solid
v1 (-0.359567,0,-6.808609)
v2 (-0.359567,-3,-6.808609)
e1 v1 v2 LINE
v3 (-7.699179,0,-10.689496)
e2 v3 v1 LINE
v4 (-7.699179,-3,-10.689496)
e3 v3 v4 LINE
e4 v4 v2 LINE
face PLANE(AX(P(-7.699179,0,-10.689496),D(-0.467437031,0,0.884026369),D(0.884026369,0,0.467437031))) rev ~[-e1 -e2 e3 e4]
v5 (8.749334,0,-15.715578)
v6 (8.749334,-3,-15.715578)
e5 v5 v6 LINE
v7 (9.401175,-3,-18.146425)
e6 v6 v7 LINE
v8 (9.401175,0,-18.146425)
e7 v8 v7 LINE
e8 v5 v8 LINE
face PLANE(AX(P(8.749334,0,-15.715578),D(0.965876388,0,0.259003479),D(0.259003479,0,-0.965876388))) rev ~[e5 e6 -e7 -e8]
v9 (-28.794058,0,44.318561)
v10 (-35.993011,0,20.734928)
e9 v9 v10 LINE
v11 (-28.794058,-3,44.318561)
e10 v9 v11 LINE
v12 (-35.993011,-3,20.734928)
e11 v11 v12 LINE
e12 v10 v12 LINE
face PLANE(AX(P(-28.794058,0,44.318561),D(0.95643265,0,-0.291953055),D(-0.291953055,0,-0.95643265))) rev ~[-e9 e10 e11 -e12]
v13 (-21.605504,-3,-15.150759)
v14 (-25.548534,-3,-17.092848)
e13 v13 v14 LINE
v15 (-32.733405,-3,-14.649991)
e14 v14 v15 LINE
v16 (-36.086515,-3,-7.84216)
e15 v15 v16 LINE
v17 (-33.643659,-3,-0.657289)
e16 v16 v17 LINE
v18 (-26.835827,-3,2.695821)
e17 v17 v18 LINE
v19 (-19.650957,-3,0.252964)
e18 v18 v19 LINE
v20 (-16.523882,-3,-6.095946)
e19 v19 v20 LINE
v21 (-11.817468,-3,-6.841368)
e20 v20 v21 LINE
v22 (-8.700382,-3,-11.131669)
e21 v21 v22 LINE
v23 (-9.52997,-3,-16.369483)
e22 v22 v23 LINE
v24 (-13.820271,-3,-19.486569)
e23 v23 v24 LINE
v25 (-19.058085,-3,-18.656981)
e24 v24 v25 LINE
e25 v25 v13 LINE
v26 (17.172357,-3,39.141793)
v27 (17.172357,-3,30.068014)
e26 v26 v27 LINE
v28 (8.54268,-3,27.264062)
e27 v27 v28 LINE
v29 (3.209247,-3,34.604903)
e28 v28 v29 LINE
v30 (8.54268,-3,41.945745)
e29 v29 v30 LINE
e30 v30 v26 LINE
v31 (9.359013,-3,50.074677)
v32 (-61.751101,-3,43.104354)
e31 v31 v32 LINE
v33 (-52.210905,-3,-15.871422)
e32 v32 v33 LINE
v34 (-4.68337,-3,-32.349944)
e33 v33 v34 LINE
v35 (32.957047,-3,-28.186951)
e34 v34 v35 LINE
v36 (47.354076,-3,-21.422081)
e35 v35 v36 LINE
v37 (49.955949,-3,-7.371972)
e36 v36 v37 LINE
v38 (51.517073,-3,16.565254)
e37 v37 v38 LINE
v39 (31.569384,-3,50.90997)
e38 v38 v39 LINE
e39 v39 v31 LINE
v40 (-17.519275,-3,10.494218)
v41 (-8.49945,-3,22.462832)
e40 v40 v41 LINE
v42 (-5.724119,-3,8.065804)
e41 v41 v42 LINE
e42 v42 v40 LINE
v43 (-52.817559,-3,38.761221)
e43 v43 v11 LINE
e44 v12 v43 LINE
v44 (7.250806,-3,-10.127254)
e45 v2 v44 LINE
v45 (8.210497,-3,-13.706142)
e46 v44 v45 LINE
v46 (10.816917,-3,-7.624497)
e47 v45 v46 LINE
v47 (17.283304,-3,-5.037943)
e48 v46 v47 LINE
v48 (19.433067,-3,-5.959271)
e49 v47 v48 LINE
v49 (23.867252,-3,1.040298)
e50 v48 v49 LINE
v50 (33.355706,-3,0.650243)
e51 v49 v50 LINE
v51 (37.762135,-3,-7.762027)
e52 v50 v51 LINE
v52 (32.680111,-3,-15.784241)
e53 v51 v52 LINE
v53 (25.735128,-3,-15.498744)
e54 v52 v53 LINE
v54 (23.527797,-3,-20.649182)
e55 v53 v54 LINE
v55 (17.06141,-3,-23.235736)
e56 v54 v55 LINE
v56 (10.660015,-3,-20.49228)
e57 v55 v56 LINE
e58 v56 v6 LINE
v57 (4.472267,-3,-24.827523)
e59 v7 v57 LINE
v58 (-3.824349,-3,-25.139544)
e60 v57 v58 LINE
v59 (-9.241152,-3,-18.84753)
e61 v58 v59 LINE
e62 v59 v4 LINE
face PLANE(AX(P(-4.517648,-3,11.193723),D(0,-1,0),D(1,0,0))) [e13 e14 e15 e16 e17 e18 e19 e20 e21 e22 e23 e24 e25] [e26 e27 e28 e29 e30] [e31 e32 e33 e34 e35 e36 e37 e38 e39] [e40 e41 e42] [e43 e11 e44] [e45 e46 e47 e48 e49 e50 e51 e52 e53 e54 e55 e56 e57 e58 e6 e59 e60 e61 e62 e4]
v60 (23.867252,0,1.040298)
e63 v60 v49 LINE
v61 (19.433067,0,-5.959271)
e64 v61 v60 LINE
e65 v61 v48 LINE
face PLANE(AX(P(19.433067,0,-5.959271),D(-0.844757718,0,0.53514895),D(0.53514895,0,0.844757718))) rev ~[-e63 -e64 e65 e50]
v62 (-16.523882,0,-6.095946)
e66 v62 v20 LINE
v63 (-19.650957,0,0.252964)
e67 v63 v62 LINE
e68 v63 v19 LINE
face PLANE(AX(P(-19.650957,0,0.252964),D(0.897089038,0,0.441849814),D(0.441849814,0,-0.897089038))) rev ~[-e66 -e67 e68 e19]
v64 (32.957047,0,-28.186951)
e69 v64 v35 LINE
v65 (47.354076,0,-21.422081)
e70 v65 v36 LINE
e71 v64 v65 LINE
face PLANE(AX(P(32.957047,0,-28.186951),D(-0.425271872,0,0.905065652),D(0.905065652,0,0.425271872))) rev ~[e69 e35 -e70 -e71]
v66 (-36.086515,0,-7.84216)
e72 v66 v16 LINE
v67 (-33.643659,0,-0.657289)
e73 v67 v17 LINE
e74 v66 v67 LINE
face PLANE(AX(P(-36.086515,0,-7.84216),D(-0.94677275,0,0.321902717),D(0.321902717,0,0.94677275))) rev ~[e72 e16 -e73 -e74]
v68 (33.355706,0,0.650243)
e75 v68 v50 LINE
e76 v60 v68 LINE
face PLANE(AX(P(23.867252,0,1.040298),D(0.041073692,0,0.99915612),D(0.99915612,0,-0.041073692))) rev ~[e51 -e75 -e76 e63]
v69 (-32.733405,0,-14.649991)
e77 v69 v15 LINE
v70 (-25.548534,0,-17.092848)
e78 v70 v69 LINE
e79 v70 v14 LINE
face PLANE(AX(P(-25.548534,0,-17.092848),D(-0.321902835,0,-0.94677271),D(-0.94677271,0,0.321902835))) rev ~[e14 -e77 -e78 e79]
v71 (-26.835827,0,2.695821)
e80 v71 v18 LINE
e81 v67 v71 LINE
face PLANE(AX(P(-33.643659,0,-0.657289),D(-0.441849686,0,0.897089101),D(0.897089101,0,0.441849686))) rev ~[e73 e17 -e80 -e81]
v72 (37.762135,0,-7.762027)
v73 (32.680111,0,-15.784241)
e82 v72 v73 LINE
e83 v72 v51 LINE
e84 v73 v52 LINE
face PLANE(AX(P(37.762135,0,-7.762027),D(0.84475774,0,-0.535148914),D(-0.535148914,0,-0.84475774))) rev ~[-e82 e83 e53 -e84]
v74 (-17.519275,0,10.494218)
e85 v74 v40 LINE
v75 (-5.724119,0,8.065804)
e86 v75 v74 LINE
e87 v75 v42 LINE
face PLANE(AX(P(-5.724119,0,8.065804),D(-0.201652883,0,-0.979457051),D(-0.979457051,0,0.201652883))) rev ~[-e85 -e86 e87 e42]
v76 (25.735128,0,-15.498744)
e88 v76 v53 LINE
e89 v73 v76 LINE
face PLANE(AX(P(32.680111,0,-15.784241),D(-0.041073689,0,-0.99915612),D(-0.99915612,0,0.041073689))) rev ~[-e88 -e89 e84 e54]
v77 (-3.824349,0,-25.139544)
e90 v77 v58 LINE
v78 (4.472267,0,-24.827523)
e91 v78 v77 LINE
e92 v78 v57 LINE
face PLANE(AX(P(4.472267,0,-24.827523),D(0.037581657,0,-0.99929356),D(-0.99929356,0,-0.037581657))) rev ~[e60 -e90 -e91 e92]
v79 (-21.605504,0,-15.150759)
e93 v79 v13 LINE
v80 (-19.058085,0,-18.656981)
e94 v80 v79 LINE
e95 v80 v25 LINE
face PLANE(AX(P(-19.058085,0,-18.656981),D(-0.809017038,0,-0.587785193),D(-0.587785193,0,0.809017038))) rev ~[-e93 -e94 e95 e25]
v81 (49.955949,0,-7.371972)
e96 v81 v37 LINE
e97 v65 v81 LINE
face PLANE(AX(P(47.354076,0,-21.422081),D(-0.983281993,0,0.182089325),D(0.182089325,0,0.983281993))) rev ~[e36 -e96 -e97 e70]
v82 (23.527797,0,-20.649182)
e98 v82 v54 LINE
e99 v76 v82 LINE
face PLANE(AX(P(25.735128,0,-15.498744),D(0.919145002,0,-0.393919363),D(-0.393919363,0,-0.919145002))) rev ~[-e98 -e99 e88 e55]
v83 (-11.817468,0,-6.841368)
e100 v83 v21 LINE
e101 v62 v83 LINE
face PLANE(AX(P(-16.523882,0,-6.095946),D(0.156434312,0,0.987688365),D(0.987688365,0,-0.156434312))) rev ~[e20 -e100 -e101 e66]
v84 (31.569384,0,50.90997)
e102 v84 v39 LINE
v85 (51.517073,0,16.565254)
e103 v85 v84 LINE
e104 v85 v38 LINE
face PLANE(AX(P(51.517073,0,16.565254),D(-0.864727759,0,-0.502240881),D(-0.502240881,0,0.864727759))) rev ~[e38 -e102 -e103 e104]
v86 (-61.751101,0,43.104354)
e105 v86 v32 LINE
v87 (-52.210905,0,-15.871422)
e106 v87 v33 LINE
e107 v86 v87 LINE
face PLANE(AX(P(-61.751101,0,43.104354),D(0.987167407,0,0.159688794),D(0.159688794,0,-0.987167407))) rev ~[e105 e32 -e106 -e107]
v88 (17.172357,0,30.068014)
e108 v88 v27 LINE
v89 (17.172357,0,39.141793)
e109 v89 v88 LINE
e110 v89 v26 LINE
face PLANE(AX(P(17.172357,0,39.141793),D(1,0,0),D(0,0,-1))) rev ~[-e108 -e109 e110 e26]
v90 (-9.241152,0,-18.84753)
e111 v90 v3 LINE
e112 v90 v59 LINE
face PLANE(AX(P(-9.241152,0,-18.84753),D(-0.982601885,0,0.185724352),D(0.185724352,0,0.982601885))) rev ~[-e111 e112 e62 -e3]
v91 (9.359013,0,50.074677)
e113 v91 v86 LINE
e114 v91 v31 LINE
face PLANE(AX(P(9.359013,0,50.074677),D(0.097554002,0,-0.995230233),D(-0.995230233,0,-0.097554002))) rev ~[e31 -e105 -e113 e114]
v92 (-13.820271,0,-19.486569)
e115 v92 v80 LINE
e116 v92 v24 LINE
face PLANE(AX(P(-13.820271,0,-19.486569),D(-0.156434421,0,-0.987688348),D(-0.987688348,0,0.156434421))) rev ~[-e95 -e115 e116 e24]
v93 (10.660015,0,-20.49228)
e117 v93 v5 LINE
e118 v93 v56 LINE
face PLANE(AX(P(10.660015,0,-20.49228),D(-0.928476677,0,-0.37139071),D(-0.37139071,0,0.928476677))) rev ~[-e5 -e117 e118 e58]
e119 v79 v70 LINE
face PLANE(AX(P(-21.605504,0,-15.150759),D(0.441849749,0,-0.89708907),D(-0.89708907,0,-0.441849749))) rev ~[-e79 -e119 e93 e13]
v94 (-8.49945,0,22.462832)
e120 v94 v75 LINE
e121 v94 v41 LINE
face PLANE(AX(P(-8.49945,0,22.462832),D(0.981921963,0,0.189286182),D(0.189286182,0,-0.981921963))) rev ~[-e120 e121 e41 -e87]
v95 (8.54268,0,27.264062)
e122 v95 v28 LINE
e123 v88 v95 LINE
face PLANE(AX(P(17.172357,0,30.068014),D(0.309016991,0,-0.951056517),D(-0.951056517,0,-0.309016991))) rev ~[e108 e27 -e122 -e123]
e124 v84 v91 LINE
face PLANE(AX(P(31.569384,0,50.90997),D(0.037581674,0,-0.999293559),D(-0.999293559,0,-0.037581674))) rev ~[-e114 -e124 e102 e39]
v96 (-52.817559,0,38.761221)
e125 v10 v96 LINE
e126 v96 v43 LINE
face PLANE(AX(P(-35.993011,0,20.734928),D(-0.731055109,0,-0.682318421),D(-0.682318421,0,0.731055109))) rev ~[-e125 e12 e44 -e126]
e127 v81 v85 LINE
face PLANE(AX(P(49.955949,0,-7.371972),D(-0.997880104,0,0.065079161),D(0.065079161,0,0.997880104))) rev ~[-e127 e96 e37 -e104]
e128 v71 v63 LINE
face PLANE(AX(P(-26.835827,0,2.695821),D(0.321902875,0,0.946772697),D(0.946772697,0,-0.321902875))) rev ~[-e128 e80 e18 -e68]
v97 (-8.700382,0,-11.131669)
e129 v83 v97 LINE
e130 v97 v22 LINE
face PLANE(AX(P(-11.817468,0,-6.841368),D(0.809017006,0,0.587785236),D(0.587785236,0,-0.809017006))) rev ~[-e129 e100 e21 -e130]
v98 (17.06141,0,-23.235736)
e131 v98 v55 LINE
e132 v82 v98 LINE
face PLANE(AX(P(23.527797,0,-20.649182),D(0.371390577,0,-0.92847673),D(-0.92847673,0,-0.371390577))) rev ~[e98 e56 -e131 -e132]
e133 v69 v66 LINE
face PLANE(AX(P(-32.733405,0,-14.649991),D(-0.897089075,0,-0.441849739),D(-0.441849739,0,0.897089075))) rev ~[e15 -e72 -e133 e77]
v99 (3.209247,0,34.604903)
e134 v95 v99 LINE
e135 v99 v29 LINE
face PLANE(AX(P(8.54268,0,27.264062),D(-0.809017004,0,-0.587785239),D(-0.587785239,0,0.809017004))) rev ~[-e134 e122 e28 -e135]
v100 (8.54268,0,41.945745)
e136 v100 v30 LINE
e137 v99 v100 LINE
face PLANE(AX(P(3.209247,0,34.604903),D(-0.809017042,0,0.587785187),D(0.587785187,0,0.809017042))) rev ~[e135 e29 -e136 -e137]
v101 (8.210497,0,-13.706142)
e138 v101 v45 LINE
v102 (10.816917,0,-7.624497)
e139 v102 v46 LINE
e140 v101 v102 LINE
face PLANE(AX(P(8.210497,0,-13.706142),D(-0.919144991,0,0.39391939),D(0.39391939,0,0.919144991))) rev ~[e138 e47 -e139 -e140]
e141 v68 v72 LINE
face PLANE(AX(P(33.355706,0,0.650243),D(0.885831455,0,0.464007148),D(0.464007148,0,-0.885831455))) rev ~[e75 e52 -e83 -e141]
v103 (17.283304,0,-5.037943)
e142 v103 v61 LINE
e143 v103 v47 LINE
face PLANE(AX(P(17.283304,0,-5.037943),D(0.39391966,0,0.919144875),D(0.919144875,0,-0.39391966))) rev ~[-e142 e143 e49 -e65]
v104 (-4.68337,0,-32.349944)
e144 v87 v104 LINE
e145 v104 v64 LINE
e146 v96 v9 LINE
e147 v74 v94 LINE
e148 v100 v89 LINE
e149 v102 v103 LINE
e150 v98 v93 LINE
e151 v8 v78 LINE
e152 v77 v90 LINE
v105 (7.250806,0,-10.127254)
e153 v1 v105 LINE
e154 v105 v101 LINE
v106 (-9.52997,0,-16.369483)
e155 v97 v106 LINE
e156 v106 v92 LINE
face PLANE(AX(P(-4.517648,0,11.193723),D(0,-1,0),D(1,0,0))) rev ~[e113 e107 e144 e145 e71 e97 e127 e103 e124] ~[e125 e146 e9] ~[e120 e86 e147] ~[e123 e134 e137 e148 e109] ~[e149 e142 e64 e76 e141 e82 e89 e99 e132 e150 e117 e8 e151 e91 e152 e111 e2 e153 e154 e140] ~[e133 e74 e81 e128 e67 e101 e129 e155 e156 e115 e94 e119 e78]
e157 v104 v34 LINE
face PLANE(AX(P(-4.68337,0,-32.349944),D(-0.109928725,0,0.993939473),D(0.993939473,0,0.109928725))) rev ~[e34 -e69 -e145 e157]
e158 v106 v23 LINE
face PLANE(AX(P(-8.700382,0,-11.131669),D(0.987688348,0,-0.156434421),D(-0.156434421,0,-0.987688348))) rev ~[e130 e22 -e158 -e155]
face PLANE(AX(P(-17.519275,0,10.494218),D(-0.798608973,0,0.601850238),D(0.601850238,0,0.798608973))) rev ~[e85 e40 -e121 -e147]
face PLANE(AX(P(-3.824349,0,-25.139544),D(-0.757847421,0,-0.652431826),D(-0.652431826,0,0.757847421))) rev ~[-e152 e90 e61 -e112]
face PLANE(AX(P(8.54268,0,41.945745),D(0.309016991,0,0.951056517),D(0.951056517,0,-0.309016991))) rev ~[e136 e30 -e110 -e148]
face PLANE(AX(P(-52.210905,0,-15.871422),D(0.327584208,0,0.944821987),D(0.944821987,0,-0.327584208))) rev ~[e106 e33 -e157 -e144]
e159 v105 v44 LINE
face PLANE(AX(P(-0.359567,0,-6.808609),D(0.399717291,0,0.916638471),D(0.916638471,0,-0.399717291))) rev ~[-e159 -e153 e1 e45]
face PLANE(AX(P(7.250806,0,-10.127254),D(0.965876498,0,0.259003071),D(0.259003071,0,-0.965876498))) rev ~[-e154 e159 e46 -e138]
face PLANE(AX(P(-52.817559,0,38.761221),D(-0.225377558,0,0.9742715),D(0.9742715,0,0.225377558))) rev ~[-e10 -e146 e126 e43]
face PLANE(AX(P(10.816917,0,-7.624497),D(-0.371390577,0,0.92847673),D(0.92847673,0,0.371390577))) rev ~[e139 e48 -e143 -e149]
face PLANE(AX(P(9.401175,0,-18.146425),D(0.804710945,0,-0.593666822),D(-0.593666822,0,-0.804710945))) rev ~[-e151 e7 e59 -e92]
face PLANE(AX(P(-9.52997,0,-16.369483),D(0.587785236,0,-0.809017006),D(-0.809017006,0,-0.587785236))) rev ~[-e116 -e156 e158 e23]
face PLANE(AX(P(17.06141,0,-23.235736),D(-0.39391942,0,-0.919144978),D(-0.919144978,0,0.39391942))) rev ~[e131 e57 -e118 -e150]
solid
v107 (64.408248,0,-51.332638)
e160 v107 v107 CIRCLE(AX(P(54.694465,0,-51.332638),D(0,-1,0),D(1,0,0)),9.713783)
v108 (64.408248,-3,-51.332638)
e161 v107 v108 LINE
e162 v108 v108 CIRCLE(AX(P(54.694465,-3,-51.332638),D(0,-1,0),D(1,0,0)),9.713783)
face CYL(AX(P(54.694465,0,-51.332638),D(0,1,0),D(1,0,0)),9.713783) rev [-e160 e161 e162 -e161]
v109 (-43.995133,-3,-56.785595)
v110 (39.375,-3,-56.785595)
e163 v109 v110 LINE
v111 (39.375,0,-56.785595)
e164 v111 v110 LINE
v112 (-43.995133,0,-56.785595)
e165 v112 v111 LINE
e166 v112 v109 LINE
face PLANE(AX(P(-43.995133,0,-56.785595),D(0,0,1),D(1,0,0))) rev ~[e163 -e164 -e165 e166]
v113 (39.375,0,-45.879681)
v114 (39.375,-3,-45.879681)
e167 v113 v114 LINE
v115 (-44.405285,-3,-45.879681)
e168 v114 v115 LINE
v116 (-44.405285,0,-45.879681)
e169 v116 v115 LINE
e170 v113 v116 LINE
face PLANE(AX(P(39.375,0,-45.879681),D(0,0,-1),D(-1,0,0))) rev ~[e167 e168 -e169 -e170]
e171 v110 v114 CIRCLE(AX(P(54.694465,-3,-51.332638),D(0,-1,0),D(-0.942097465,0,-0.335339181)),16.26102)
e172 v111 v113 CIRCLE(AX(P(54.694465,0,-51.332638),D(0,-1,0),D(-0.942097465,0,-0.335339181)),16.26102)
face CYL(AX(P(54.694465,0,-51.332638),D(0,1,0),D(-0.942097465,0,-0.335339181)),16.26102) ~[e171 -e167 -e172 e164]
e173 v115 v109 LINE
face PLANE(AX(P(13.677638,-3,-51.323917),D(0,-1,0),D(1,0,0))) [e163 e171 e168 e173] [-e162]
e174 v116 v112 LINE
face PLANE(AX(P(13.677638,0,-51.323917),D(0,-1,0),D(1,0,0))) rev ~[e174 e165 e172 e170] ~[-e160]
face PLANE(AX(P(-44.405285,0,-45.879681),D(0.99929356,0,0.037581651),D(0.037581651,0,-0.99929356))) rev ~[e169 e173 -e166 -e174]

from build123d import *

# Parameters (mm, degrees)
F0_R     = 9.713783
F1_DEPTH = 3


with BuildPart() as f1:
    # F0 (on Front) → F1 (new body)
    with BuildSketch(Plane.XZ):
        Polygon((9.359013, 50.074677), (-61.751101, 43.104354), (-52.210905, -15.871422), (-4.68337, -32.349944), (32.957047, -28.186951), (47.354076, -21.422081), (49.955949, -7.371972), (51.517073, 16.565254), (31.569384, 50.90997), align=None)
        Polygon((-19.650957, 0.252964), (-16.523882, -6.095946), (-11.817468, -6.841368), (-8.700382, -11.131669), (-9.52997, -16.369483), (-13.820271, -19.486569), (-19.058085, -18.656981), (-21.605504, -15.150759), (-25.548534, -17.092848), (-32.733405, -14.649991), (-36.086515, -7.84216), (-33.643659, -0.657289), (-26.835827, 2.695821), align=None, mode=Mode.SUBTRACT)
        Polygon((-0.359567, -6.808609), (7.250806, -10.127254), (8.210497, -13.706142), (10.816917, -7.624497), (17.283304, -5.037943), (19.433067, -5.959271), (23.867252, 1.040298), (33.355706, 0.650243), (37.762135, -7.762027), (32.680111, -15.784241), (25.735128, -15.498744), (23.527797, -20.649182), (17.06141, -23.235736), (10.660015, -20.49228), (8.749334, -15.715578), (9.401175, -18.146425), (4.472267, -24.827523), (-3.824349, -25.139544), (-9.241152, -18.84753), (-7.699179, -10.689496), align=None, mode=Mode.SUBTRACT)
        Polygon((-5.724119, 8.065804), (-17.519275, 10.494218), (-8.49945, 22.462832), align=None, mode=Mode.SUBTRACT)
        Polygon((-28.794058, 44.318561), (-35.993011, 20.734928), (-52.817559, 38.761221), align=None, mode=Mode.SUBTRACT)
        Polygon((8.54268, 41.945745), (17.172357, 39.141793), (17.172357, 30.068014), (8.54268, 27.264062), (3.209247, 34.604903), align=None, mode=Mode.SUBTRACT)
        with BuildLine():
            Line((39.375, -45.879681), (-44.405285, -45.879681))
            Line((-44.405285, -45.879681), (-43.995133, -56.785595))
            Line((-43.995133, -56.785595), (39.375, -56.785595))
            ThreePointArc((39.375, -56.785595), (70.955485, -51.332638), (39.375, -45.879681))
        make_face()
        with Locations((54.694465, -51.332638)):
            Circle(F0_R, mode=Mode.SUBTRACT)
    extrude(amount=F1_DEPTH)


solid = f1.part
